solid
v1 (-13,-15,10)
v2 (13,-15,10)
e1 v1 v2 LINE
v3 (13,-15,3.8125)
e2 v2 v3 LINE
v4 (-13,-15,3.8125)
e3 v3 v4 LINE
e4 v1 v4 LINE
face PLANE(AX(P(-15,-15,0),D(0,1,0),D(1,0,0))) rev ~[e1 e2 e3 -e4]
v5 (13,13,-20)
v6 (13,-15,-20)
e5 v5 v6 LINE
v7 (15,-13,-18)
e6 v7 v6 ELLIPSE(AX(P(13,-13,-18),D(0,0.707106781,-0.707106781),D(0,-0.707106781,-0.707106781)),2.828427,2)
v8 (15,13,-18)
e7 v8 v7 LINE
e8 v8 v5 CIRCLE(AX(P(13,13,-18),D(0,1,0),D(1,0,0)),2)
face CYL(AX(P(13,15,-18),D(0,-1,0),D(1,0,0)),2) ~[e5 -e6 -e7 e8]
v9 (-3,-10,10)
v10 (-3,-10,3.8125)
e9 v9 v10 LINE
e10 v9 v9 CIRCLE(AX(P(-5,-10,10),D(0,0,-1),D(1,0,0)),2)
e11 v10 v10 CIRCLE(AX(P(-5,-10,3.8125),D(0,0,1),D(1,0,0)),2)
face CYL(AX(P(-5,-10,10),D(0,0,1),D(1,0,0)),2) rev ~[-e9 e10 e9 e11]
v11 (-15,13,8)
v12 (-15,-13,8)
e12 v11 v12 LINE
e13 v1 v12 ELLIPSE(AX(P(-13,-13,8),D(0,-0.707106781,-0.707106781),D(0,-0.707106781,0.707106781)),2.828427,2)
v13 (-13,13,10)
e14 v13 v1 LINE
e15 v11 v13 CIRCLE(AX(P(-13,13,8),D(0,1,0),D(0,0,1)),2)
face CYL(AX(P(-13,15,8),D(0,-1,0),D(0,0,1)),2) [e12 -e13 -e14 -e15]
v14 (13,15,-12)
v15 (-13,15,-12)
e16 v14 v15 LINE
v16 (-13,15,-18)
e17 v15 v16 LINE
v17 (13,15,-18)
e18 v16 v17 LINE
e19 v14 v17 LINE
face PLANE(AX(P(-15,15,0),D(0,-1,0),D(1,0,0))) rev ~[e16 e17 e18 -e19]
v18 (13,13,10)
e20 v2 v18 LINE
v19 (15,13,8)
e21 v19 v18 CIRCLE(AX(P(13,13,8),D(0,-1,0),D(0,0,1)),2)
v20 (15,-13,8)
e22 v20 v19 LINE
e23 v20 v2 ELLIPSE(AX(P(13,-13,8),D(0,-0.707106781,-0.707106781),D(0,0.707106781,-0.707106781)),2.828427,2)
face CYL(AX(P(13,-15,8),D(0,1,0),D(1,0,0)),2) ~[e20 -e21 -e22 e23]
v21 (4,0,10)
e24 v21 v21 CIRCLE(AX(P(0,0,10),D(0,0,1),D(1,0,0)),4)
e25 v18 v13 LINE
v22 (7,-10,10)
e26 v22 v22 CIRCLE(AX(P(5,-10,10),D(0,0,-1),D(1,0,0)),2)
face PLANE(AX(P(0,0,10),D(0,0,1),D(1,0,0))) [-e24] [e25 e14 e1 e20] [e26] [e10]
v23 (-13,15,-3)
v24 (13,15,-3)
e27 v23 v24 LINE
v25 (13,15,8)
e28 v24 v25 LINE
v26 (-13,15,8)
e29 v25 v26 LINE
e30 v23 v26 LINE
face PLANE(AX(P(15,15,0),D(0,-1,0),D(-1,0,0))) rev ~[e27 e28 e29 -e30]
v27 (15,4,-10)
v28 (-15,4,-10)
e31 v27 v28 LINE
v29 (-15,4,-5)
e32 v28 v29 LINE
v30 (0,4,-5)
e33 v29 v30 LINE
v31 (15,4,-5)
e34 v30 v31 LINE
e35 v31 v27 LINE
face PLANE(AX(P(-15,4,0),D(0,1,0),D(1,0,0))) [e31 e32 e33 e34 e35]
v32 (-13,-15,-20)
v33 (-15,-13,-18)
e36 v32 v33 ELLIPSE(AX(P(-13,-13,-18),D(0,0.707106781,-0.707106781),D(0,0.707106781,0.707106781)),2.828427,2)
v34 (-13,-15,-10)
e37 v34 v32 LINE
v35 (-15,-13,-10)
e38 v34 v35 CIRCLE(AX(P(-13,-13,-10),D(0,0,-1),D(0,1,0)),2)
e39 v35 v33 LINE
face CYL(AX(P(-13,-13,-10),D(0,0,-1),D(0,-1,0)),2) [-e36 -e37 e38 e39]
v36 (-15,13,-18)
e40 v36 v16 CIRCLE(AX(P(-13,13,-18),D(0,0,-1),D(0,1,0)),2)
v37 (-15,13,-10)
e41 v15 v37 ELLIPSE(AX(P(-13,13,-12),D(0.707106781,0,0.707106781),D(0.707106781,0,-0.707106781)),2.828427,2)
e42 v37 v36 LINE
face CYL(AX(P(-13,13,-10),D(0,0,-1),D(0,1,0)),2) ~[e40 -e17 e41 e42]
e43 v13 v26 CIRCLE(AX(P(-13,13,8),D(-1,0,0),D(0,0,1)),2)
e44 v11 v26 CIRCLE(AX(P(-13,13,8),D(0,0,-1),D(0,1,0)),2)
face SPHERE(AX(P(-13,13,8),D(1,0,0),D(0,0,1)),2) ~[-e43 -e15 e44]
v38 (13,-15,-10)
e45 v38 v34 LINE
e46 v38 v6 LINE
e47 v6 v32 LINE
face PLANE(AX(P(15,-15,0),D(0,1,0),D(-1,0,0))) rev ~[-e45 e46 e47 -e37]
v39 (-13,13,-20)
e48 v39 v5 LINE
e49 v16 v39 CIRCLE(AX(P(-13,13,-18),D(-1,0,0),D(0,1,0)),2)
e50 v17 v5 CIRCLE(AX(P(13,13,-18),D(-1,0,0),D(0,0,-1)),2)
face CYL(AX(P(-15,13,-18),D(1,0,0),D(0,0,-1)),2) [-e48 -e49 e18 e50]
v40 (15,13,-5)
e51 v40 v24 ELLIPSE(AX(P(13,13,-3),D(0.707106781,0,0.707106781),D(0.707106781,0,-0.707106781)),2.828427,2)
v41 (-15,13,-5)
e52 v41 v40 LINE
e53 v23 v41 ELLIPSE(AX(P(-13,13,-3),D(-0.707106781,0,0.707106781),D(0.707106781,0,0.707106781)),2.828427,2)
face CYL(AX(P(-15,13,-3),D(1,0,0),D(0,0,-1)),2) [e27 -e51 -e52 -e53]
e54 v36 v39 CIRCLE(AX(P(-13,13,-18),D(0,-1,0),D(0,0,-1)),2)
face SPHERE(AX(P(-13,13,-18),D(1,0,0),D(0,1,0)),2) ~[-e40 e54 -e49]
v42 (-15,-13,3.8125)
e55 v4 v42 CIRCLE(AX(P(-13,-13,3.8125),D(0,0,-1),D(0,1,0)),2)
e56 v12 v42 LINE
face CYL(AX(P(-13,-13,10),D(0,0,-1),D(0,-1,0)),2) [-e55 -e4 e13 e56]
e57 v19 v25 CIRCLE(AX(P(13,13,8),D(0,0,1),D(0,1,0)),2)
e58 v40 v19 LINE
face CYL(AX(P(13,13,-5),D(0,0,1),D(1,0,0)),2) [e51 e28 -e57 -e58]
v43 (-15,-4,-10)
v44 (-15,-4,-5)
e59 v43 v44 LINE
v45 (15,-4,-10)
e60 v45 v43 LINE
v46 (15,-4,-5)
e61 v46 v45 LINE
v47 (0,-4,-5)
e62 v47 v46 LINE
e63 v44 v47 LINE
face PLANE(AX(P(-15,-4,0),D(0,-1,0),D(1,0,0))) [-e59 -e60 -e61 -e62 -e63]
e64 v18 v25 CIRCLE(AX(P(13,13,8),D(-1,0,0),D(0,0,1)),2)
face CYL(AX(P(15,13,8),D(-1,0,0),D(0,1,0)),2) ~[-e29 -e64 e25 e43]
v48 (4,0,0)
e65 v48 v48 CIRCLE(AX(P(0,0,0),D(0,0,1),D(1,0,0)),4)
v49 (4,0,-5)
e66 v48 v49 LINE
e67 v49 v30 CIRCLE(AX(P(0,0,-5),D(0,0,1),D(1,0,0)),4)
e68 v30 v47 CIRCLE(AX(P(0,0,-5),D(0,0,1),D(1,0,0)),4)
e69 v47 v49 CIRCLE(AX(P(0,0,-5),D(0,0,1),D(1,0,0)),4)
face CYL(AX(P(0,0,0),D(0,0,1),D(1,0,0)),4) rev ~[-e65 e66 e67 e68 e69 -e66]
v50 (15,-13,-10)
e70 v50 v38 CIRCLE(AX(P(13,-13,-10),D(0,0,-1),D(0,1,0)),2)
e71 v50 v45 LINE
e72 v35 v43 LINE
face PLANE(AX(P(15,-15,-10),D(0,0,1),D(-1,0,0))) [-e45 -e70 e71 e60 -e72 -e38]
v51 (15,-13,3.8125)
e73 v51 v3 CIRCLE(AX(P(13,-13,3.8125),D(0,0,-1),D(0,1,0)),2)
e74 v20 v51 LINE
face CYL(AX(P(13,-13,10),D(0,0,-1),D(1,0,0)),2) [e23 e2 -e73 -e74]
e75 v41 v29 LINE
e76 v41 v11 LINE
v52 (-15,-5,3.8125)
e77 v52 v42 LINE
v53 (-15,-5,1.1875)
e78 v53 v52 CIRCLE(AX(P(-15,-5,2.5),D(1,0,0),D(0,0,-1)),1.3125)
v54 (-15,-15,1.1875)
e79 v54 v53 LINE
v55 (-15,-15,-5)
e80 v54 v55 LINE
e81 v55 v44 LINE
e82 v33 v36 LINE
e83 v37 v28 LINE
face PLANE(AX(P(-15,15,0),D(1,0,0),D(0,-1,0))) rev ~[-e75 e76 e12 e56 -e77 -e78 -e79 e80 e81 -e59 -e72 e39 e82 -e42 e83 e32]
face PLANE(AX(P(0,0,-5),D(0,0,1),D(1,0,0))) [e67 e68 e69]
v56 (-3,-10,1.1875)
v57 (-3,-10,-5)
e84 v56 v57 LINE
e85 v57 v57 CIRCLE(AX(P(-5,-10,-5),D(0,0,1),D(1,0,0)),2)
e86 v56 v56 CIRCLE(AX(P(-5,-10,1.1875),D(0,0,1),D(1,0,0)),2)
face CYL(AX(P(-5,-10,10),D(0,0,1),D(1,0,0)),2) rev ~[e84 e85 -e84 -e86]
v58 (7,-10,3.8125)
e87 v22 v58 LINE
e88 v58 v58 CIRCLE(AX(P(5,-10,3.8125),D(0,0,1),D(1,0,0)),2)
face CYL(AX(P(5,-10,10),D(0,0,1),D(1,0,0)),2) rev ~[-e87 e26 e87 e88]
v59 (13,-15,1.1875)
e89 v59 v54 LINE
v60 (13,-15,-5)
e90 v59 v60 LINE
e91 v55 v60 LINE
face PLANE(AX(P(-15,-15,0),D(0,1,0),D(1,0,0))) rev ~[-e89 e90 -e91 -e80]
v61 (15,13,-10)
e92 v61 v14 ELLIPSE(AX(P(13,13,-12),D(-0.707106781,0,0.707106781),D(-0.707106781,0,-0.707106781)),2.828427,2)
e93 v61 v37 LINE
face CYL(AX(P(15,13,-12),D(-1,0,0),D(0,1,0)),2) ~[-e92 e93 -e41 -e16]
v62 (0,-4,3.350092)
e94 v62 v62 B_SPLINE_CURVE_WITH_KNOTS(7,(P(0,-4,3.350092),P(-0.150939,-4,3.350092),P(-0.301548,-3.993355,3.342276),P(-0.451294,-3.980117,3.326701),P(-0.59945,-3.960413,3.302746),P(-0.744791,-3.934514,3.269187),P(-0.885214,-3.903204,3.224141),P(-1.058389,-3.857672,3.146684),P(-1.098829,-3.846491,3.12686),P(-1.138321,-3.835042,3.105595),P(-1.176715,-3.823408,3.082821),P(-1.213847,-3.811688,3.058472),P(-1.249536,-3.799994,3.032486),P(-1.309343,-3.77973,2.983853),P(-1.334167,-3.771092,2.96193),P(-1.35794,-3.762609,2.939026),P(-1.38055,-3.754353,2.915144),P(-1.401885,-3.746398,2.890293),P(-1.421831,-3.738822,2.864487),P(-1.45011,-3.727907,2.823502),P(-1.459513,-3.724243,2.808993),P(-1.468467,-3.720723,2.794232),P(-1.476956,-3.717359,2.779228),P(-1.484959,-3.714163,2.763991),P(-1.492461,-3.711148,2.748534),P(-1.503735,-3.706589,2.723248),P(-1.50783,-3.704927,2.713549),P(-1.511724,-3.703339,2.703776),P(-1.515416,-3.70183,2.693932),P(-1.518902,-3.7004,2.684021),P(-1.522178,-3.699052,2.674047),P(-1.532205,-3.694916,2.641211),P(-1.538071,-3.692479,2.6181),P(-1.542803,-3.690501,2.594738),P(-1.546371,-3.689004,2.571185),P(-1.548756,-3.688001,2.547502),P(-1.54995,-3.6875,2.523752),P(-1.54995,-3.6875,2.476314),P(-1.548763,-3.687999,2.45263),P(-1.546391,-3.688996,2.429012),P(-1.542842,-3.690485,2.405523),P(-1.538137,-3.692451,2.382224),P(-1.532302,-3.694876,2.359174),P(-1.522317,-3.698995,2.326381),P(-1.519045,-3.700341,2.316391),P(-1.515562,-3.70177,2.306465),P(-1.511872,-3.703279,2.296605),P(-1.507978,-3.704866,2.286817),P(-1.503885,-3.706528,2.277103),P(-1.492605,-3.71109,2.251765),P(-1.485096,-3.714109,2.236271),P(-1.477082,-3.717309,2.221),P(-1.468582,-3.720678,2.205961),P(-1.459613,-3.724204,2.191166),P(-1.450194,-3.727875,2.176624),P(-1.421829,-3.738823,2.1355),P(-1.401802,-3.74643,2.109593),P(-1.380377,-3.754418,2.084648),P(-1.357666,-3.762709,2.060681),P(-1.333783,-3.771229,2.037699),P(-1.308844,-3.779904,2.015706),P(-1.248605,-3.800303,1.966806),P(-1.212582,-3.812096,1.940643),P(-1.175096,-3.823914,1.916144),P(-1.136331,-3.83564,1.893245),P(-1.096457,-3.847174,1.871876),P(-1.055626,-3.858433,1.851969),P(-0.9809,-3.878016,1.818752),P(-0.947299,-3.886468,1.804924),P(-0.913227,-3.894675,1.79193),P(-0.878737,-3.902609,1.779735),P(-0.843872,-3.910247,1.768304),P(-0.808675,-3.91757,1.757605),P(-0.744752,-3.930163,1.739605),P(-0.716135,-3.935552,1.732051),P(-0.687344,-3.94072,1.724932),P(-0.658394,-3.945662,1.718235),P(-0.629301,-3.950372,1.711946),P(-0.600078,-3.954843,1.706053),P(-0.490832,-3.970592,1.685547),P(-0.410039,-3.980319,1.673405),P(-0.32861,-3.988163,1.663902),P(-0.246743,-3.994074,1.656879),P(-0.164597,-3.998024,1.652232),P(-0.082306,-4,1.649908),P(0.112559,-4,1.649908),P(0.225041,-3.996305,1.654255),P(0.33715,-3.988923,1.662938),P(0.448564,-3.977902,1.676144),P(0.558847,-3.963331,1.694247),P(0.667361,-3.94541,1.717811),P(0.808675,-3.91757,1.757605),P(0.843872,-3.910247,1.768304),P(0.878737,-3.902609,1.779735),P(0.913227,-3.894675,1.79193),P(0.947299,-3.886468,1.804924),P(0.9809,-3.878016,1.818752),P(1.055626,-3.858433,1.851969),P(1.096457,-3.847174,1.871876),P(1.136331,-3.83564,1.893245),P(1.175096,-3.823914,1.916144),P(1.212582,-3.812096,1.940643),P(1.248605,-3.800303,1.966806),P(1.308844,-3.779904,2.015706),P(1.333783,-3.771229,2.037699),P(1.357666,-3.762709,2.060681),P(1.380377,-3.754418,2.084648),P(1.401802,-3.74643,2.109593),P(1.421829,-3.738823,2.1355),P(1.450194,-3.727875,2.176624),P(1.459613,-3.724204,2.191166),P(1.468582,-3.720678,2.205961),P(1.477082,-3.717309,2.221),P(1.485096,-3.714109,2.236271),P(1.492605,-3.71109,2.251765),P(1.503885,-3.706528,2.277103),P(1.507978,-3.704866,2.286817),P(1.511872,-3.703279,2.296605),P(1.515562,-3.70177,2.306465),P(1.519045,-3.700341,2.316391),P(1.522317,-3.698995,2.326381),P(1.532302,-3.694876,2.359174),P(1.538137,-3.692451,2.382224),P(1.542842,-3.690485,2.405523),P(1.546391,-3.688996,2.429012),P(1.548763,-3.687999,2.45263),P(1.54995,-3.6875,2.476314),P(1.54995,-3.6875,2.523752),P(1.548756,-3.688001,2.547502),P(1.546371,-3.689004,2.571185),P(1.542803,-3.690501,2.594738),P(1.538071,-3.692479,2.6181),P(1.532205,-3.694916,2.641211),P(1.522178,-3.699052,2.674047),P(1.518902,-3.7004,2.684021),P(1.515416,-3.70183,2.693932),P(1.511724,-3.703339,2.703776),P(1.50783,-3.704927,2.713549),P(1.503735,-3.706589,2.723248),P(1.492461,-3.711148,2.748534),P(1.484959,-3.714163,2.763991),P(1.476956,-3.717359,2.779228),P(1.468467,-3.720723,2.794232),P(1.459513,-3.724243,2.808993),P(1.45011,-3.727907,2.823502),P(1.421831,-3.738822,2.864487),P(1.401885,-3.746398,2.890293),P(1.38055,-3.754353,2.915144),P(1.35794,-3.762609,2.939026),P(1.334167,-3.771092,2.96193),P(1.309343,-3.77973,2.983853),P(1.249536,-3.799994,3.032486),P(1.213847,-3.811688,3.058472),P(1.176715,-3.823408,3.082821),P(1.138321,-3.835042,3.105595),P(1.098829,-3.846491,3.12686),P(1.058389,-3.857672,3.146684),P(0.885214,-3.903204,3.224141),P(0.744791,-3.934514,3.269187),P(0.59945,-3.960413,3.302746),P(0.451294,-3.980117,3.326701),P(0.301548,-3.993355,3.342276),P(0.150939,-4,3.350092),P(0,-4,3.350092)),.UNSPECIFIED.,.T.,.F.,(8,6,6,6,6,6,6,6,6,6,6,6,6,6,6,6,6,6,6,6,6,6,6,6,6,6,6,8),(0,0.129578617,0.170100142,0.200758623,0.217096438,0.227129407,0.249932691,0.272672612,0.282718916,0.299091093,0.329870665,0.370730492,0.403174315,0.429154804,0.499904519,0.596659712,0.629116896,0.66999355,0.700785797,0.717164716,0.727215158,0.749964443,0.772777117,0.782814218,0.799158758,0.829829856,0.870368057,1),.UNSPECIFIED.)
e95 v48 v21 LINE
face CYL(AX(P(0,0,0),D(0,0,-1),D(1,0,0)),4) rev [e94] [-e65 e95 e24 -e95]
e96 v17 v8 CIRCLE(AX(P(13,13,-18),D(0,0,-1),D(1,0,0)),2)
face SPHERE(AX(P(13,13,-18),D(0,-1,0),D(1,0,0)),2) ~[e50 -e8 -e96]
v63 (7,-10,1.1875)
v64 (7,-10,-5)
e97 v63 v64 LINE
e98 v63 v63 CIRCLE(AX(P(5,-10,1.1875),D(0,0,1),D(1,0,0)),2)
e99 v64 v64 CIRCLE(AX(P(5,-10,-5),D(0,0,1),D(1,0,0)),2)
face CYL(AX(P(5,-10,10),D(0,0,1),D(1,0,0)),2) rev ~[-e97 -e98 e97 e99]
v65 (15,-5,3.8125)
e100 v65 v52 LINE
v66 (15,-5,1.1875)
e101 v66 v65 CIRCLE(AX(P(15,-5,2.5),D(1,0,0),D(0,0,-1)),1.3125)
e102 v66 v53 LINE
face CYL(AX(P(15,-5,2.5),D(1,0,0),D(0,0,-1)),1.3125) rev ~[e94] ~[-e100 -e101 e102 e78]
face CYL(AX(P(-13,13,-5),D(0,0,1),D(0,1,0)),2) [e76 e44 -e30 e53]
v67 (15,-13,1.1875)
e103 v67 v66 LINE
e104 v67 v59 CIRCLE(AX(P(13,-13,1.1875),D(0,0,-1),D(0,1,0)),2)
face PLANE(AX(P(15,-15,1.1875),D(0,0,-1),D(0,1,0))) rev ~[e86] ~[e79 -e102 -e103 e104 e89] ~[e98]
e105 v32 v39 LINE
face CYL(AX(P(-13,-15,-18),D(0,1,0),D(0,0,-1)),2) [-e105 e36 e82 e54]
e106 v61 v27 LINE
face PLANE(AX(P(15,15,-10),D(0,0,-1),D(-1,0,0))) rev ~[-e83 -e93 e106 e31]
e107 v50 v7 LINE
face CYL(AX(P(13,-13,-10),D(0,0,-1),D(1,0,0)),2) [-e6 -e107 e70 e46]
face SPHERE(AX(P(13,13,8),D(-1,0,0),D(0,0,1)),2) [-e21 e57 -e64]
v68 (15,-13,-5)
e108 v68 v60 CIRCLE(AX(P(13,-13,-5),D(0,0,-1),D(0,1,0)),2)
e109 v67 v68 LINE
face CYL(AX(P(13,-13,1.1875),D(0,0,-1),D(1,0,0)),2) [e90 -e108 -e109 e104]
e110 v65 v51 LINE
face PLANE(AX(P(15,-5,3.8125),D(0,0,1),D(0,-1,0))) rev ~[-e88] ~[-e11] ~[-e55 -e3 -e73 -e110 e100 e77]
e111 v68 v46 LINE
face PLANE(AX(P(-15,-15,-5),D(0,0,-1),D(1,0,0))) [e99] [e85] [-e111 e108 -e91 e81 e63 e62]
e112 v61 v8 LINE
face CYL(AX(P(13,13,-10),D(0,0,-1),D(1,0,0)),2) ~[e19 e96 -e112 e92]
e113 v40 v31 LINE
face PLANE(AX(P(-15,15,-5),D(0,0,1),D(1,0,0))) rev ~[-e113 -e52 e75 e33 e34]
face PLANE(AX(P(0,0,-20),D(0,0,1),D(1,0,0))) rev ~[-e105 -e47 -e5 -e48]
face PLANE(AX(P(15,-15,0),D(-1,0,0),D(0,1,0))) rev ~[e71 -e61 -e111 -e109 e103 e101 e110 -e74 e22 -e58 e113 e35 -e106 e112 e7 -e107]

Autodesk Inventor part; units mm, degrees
ref_plane "YZ Plane" through (0, 0, 0) normal (1, 0, 0) x (0, 1, 0)
ref_plane "XZ Plane" through (0, 0, 0) normal (0, 1, 0) x (-1, 0, 0)
ref_plane "XY Plane" through (0, 0, 0) normal (0, 0, 1) x (1, 0, 0)
sketch "Sketch1" plane through (0, 0, 0) normal (0, 0, 1) x (1, 0, 0)
  line L0 (15, -15) -> (-15, -15)
  line L1 (-15, -15) -> (-15, 15)
  line L2 (-15, 15) -> (15, 15)
  line L3 (15, 15) -> (15, -15)
  line L4 (15, -15) -> (-15, 15) construction
  line L5 (-15, -15) -> (15, 15) construction
  point P0 (0, 0)
  dimension "d0" = 30
  dimension "d1" = 30
extrude "Extrusion1" add sketch "Sketch1" against normal blind 20
sketch "Sketch2" plane through (-15, 15, 0) normal (0, 1, 0) x (1, 0, 0)
  line L0 (30, 0) -> (30, 20) projected
  line L1 (0, 5) -> (30, 5)
  line L2 (30, 5) -> (30, 10)
  line L3 (30, 10) -> (0, 10)
  line L4 (0, 10) -> (0, 5)
  line L5 (0, 5) -> (30, 10) construction
  line L6 (30, 5) -> (0, 10) construction
  line L7 (0, 20) -> (30, 20) projected
  point P0 (15, 0)
  point P1 (15, 7.5)
  dimension "d4" = 5
  dimension "d13" = 10
extrude "Extrusion2" cut sketch "Sketch2" against normal blind 11
sketch "Sketch3" plane through (-15, -15, 0) normal (0, -1, 0) x (1, 0, 0)
  line L0 (30, 0) -> (30, -20) projected
  line L1 (0, -5) -> (30, -5)
  line L2 (30, -5) -> (30, -10)
  line L3 (30, -10) -> (0, -10)
  line L4 (0, -10) -> (0, -5)
  line L5 (0, -5) -> (30, -10) construction
  line L6 (30, -5) -> (0, -10) construction
  line L7 (30, -20) -> (0, -20) projected
  point P0 (15, 0)
  point P1 (15, -7.5)
  dimension "d7" = 5
  dimension "d14" = 10
extrude "Extrusion3" cut sketch "Sketch3" against normal blind 11
sketch "Sketch4" plane through (0, 0, 0) normal (0, 0, 1) x (1, 0, 0)
  circle A0 centre (0, 0) radius 4
  dimension "d10" = 8
extrude "Extrusion4" cut sketch "Sketch4" against normal blind 5
sketch "Sketch6" plane through (0, 0, 0) normal (0, 0, 1) x (1, 0, 0)
  line L0 (15, 15) -> (-15, 15) projected
  line L1 (-15, 15) -> (-15, -15) projected
  circle A0 centre (0, 0) radius 4 projected
  line L2 (15, 15) -> (-15, 15) projected
  line L3 (-15, 15) -> (-15, -15) projected
  line L4 (-15, -15) -> (15, -15) projected
  line L5 (15, -15) -> (15, 15) projected
extrude "Extrusion5" add sketch "Sketch6" along normal blind 10
sketch "Sketch7" plane through (15, -15, -20) normal (1, 0, 0) x (0, 0, -1)
  line L0 (-10, 30) -> (-10, 19) projected
  line L1 (-10, 19) -> (-15, 19)
  line L2 (-30, 19) -> (-15, 19) projected
  point P0 (-12.5, 15)
sketch "Sketch8" plane through (15, -15, -20) normal (1, 0, 0) x (0, 0, -1)
  line L0 (-15, 0) -> (-30, 0) projected
  line L1 (-22.5, 0) -> (-22.5, 10) construction
  line L2 (-21.1875, 0) -> (-21.1875, 10)
  line L3 (-23.8125, 10) -> (-23.8125, 0)
  arc A0 (-23.8125, 0) -> (-21.1875, 0) centre (-22.5, 0) ccw
  arc A1 (-21.1875, 10) -> (-23.8125, 10) centre (-22.5, 10) ccw
  point P0 (-20, 15)
  point P1 (-22.5, 5)
  dimension "d17" = 10
  dimension "d18" = 2.625
extrude "Extrusion6" cut sketch "Sketch8" against normal through all contours L0 L3 A1 L2
sketch "Sketch9" plane through (0, 0, 10) normal (0, 0, 1) x (1, 0, 0)
  line L0 (15, -15) -> (15, -5) projected
  line L1 (15, -15) -> (5, -15)
  line L2 (-15, -15) -> (15, -15) projected
  line L3 (5, -15) -> (5, -10)
  circle A0 centre (5, -10) radius 2
  line L4 (0, 0) -> (0, -15)
  line L5 (-15, -15) -> (-5, -15)
  line L6 (15, -15) -> (-15, -15)
  line L7 (-5, -15) -> (-5, -10)
  circle A1 centre (-5, -10) radius 2
  dimension "d21" = 10
  dimension "d22" = 5
  dimension "d23" = 4
extrude "Extrusion7" cut sketch "Sketch9" against normal blind 15
fillet "Fillet1" radius 2 17 edges at (0, 15, 10) (15, 0, 10) (-15, 0, 10) (-15, 15, 2.5) (0, 15, -5) (15, 15, 2.5) (15, -15, -1.9062) (15, -15, 6.9062) (15, 0, -20) (15, 15, -15) (0, 15, -20) (-15, 15, -15) (0, 15, -10) (15, -15, -15) (-15, 0, -20) (-15, -15, -15) (-15, -15, 6.9062)
properties part number "Corredera" material "Iron, Cast"
